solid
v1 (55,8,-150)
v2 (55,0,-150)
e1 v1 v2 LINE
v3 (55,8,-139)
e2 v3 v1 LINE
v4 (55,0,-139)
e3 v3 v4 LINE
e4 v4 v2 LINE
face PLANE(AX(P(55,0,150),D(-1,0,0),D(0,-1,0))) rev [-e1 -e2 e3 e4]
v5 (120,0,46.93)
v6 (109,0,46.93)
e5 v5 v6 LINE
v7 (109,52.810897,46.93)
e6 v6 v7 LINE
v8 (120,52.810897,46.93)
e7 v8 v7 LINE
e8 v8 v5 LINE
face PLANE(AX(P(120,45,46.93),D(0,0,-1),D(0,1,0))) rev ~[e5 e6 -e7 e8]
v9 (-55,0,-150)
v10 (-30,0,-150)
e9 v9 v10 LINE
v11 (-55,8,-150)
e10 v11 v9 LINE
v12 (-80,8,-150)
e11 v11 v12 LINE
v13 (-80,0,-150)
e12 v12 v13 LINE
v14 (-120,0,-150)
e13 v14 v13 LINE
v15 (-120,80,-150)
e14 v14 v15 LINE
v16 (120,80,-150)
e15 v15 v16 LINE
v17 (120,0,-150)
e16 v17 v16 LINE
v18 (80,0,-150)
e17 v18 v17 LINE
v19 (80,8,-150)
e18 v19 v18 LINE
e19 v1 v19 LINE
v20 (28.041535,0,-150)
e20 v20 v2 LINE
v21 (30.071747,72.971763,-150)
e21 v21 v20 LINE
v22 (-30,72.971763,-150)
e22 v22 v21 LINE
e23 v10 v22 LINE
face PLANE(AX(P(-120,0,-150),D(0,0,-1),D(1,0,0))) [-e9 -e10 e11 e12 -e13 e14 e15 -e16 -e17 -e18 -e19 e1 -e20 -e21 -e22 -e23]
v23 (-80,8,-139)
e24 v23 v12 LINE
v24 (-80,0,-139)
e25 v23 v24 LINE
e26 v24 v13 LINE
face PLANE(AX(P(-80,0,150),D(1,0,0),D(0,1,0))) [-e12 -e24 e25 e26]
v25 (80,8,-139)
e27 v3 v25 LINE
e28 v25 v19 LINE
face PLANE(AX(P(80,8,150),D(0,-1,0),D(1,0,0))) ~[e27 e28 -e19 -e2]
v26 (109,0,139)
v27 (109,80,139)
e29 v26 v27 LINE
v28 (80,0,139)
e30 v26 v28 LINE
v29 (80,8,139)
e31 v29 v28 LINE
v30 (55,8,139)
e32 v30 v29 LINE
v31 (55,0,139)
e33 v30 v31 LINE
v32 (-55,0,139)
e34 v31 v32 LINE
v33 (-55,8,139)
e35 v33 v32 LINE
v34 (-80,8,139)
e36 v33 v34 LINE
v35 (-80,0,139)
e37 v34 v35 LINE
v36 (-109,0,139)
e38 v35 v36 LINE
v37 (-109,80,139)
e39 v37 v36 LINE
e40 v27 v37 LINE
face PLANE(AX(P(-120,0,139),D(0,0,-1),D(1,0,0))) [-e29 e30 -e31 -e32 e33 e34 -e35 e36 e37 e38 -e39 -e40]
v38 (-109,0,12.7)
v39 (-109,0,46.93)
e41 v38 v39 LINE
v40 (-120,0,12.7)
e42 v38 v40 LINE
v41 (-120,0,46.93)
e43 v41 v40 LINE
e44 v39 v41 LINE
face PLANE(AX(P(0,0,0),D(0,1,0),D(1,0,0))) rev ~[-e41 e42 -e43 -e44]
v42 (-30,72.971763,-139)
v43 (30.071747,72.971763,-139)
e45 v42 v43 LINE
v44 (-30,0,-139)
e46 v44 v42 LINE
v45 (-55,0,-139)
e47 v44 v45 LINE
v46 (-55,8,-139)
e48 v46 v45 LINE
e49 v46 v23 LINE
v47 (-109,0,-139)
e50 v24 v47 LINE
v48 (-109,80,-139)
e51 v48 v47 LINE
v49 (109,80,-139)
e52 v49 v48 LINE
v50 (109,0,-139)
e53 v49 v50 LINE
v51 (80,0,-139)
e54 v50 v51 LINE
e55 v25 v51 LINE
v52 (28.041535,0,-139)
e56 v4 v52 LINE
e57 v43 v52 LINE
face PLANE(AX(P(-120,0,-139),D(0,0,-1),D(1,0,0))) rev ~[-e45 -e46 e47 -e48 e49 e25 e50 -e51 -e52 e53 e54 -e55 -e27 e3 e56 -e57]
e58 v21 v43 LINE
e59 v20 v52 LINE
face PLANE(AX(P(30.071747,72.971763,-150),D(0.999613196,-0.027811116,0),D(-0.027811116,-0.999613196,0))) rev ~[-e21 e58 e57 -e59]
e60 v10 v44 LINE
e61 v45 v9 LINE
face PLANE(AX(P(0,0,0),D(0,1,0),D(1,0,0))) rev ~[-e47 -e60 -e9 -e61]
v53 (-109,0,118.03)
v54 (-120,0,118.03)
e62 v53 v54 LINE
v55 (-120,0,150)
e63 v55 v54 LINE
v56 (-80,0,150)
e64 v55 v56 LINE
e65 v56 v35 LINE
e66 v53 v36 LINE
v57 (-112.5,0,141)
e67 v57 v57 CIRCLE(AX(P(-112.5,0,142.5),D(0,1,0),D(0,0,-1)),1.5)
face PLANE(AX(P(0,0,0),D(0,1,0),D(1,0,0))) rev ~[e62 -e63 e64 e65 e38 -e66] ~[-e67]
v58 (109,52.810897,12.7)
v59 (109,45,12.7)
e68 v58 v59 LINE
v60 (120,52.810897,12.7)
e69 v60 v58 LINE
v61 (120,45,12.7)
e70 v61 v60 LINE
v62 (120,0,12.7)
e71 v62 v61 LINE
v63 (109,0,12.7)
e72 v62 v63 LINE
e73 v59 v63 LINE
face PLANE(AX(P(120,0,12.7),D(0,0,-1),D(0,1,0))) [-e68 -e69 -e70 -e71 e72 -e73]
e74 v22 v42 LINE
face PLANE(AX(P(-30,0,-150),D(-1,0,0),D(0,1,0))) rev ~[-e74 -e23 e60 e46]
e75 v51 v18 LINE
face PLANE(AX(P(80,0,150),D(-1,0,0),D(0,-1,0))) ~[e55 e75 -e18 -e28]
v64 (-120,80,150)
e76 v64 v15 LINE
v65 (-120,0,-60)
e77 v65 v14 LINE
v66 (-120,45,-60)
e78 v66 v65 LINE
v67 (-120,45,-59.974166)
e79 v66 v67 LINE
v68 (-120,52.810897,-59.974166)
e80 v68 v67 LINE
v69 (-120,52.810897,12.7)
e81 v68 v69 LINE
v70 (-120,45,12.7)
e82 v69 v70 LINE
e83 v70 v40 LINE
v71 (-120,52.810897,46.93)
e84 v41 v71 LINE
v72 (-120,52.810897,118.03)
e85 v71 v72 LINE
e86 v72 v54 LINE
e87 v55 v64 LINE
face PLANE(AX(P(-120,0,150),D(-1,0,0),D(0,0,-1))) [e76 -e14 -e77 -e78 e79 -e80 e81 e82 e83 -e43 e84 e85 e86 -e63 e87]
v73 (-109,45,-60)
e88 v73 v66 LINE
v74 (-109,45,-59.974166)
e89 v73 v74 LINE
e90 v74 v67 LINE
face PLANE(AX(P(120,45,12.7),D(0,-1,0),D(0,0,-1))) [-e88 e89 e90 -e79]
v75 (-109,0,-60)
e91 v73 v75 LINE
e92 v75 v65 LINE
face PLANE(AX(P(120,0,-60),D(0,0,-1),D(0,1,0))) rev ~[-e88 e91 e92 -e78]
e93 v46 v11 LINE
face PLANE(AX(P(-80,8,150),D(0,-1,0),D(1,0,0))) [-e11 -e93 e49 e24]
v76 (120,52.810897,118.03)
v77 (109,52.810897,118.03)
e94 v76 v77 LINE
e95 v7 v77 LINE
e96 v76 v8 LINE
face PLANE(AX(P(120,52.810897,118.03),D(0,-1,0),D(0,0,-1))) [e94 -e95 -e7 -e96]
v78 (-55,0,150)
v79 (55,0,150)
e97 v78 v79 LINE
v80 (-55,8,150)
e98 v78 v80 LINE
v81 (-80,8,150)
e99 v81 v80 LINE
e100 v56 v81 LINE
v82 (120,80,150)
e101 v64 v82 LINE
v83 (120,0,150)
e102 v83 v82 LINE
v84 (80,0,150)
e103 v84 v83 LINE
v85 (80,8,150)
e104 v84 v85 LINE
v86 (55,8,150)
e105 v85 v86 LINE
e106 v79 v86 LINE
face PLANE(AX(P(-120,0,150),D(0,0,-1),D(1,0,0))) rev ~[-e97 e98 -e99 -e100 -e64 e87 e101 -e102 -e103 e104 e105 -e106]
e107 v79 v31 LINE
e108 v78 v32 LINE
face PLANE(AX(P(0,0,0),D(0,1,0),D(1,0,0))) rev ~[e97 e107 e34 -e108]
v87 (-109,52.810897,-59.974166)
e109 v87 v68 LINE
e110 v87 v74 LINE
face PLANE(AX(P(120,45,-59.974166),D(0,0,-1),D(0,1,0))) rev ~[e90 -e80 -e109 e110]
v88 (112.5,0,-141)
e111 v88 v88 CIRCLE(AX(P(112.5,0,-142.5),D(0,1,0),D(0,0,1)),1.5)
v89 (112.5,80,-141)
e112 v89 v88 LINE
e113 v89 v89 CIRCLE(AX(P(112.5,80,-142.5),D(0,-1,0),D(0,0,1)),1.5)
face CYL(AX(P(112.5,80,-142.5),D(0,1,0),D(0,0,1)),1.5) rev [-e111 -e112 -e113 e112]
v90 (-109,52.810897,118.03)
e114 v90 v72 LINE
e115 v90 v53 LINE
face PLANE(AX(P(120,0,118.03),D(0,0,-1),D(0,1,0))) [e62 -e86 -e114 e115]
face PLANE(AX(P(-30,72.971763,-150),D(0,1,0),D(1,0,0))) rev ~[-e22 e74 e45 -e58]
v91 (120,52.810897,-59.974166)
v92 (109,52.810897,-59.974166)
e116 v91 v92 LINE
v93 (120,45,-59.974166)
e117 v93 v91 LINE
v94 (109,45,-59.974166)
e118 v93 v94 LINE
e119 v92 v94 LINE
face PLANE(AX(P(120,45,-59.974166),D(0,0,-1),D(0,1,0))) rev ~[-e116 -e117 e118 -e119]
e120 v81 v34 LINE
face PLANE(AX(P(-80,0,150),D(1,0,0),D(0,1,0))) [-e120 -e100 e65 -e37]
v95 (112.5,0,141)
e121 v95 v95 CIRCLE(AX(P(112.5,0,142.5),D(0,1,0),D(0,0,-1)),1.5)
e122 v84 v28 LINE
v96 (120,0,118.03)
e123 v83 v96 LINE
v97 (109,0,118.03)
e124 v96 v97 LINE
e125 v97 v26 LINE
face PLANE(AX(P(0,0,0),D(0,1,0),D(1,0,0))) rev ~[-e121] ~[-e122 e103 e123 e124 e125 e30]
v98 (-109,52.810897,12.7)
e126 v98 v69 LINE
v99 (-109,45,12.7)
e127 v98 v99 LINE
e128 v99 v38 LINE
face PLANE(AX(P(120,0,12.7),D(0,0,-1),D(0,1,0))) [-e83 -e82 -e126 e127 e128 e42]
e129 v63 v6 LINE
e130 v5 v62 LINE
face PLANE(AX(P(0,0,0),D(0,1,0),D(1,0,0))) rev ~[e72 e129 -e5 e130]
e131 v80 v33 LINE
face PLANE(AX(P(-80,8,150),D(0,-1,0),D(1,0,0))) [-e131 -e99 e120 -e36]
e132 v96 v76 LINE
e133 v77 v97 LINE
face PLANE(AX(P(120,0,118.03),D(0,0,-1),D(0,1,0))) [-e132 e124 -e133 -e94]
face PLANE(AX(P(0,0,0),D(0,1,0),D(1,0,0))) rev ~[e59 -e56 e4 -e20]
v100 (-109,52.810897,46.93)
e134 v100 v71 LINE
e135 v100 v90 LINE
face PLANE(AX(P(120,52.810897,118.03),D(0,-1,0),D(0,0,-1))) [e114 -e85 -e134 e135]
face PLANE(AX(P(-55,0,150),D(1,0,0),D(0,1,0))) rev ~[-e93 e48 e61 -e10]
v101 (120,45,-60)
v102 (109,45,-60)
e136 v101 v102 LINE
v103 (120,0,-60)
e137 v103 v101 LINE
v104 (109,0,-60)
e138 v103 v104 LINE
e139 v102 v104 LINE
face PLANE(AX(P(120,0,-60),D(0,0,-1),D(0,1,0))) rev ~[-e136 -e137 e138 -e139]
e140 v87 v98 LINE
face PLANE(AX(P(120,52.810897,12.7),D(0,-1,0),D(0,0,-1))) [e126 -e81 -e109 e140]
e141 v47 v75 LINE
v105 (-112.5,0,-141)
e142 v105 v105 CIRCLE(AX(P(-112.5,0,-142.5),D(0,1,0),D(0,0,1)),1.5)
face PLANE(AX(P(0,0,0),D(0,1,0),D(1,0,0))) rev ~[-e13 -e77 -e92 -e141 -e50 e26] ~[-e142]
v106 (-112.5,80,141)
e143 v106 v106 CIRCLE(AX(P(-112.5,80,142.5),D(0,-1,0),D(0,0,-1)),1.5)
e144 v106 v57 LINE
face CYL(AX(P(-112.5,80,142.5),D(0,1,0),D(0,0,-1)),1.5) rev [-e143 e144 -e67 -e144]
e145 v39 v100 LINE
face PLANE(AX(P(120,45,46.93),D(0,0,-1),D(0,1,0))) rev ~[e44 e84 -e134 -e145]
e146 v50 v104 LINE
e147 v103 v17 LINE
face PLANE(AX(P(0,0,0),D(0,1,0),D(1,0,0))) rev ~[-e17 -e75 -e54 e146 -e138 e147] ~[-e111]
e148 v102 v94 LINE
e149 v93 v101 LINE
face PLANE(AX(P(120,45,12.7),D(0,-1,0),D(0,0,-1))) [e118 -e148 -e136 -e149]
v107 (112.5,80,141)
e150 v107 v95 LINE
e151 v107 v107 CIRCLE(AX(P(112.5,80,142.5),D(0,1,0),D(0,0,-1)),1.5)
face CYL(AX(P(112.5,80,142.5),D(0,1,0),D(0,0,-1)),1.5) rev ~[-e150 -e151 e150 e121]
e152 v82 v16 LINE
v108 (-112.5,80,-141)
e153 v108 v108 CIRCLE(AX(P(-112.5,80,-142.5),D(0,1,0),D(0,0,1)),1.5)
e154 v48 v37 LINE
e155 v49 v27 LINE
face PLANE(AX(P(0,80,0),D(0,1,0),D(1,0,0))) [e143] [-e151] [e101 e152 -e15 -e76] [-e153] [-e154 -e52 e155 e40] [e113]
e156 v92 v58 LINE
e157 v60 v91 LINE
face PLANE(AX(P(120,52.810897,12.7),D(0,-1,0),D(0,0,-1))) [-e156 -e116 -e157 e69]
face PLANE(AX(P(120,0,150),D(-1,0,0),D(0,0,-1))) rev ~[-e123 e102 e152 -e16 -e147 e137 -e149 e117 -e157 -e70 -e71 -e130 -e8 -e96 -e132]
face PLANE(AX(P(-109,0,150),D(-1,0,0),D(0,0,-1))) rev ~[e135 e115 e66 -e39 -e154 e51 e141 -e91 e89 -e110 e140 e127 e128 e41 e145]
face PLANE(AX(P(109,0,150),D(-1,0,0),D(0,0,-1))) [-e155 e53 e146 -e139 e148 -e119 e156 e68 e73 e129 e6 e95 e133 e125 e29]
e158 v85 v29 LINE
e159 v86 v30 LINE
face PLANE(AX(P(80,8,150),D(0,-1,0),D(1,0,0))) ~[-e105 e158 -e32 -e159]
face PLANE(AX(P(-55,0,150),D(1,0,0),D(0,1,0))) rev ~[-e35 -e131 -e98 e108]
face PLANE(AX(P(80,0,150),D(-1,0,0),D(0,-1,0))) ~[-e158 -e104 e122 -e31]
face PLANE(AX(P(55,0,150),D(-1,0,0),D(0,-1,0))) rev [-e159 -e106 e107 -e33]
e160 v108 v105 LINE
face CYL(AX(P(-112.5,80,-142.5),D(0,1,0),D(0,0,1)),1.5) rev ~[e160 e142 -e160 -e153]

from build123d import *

# Parameters (mm, degrees)
SKETCH1_W               = 240
SKETCH1_H               = 300
BOSS_EXTRUDE1_DEPTH     = 80
SHELL1_T                = -11
SKETCH4_R               = 1.5
CUT_EXTRUDE2_DEPTH      = 209.086520467
MIRROR2_COPY_1_SKETCH_R = 1.5
MIRROR2_COPY_1_DEPTH    = 209.086520467
SKETCH16_W              = 25
SKETCH16_H              = 8
CUT_EXTRUDE9_DEPTH      = 333.866339542
SKETCH18_W              = 71.1
SKETCH18_H              = 45
SKETCH18_W_2            = 72.7
CUT_EXTRUDE10_DEPTH     = 295.108823397
SKETCH19_W              = 71.1
SKETCH19_H              = 7.810897368
SKETCH19_W_2            = 72.674166019
CUT_EXTRUDE11_DEPTH     = 295.108823397
CUT_EXTRUDE12_DEPTH     = 15


with BuildPart() as part:
    # Sketch1 → Boss-Extrude1 (new body)
    with BuildSketch(Plane(origin=(0, 0, 0), x_dir=(1, 0, 0), z_dir=(0, 1, 0))):
        Rectangle(SKETCH1_W, SKETCH1_H)
    extrude(amount=BOSS_EXTRUDE1_DEPTH)

    # Shell1
    shell1_openings = [part.faces().sort_by_distance(p)[0] for p in [
        (0, 80, 0),
        (0, 0, 0),
    ]]
    offset(amount=SHELL1_T, openings=shell1_openings, kind=Kind.INTERSECTION)

    # Sketch4 → Cut-Extrude2 (cut, through all)
    with BuildSketch(Plane(origin=(0, 80, 0), x_dir=(1, 0, 0), z_dir=(0, 1, 0))):
        with Locations(Location((-112.5, 142.5, 0), (0, 0, 270))):
            Circle(SKETCH4_R)
    cut_extrude2 = extrude(amount=-CUT_EXTRUDE2_DEPTH, mode=Mode.SUBTRACT)

    # Mirror1: Cut-Extrude2 across plane
    add(cut_extrude2.mirror(Plane(origin=(0, 0, 0), x_dir=(0, 0, 1), z_dir=(1, 0, 0))), mode=Mode.SUBTRACT)

    # Mirror2: Cut-Extrude2 across plane
    add(cut_extrude2.mirror(Plane.XY), mode=Mode.SUBTRACT)

    # Mirror2 copy 1 sketch → Mirror2 copy 1 (cut, through all)
    with BuildSketch(Plane(origin=(0, 80, 0), x_dir=(-1, 0, 0), z_dir=(0, 1, 0))):
        with Locations(Location((-112.5, 142.5, 0), (0, 0, 270))):
            Circle(MIRROR2_COPY_1_SKETCH_R)
    extrude(amount=-MIRROR2_COPY_1_DEPTH, mode=Mode.SUBTRACT)

    # Sketch16 → Cut-Extrude9 (cut, through all)
    with BuildSketch(Plane.XY.offset(150)):
        with Locations((-67.5, 4)):
            Rectangle(SKETCH16_W, SKETCH16_H)
    cut_extrude9 = extrude(amount=-CUT_EXTRUDE9_DEPTH, mode=Mode.SUBTRACT)

    # Mirror3: Cut-Extrude9 across plane
    add(cut_extrude9.mirror(Plane(origin=(0, 0, 0), x_dir=(0, 0, 1), z_dir=(1, 0, 0))), mode=Mode.SUBTRACT)

    # Sketch18 → Cut-Extrude10 (cut, through all)
    with BuildSketch(Plane(origin=(120, 0, 0), x_dir=(0, 0, -1), z_dir=(1, 0, 0))):
        with Locations((-82.48, 22.5)):
            Rectangle(SKETCH18_W, SKETCH18_H)
        with Locations((23.65, 22.5)):
            Rectangle(SKETCH18_W_2, SKETCH18_H)
    extrude(amount=-CUT_EXTRUDE10_DEPTH, mode=Mode.SUBTRACT)

    # Sketch19 → Cut-Extrude11 (cut, through all)
    with BuildSketch(Plane(origin=(120, 0, 0), x_dir=(0, 0, -1), z_dir=(1, 0, 0))):
        with Locations((-82.48, 48.905448684)):
            Rectangle(SKETCH19_W, SKETCH19_H)
        with Locations((23.637083009, 48.905448684)):
            Rectangle(SKETCH19_W_2, SKETCH19_H)
    extrude(amount=-CUT_EXTRUDE11_DEPTH, mode=Mode.SUBTRACT)

    # Sketch22 → Cut-Extrude12 (cut)
    with BuildSketch(Plane(origin=(0, 0, -150), x_dir=(-1, 0, 0), z_dir=(0, 0, -1))):
        Polygon((-28.041535061, 0), (30, 0), (30, 72.971763315), (-30.071746562, 72.971763315), align=None)
    extrude(amount=-CUT_EXTRUDE12_DEPTH, mode=Mode.SUBTRACT)


solid = part.part
